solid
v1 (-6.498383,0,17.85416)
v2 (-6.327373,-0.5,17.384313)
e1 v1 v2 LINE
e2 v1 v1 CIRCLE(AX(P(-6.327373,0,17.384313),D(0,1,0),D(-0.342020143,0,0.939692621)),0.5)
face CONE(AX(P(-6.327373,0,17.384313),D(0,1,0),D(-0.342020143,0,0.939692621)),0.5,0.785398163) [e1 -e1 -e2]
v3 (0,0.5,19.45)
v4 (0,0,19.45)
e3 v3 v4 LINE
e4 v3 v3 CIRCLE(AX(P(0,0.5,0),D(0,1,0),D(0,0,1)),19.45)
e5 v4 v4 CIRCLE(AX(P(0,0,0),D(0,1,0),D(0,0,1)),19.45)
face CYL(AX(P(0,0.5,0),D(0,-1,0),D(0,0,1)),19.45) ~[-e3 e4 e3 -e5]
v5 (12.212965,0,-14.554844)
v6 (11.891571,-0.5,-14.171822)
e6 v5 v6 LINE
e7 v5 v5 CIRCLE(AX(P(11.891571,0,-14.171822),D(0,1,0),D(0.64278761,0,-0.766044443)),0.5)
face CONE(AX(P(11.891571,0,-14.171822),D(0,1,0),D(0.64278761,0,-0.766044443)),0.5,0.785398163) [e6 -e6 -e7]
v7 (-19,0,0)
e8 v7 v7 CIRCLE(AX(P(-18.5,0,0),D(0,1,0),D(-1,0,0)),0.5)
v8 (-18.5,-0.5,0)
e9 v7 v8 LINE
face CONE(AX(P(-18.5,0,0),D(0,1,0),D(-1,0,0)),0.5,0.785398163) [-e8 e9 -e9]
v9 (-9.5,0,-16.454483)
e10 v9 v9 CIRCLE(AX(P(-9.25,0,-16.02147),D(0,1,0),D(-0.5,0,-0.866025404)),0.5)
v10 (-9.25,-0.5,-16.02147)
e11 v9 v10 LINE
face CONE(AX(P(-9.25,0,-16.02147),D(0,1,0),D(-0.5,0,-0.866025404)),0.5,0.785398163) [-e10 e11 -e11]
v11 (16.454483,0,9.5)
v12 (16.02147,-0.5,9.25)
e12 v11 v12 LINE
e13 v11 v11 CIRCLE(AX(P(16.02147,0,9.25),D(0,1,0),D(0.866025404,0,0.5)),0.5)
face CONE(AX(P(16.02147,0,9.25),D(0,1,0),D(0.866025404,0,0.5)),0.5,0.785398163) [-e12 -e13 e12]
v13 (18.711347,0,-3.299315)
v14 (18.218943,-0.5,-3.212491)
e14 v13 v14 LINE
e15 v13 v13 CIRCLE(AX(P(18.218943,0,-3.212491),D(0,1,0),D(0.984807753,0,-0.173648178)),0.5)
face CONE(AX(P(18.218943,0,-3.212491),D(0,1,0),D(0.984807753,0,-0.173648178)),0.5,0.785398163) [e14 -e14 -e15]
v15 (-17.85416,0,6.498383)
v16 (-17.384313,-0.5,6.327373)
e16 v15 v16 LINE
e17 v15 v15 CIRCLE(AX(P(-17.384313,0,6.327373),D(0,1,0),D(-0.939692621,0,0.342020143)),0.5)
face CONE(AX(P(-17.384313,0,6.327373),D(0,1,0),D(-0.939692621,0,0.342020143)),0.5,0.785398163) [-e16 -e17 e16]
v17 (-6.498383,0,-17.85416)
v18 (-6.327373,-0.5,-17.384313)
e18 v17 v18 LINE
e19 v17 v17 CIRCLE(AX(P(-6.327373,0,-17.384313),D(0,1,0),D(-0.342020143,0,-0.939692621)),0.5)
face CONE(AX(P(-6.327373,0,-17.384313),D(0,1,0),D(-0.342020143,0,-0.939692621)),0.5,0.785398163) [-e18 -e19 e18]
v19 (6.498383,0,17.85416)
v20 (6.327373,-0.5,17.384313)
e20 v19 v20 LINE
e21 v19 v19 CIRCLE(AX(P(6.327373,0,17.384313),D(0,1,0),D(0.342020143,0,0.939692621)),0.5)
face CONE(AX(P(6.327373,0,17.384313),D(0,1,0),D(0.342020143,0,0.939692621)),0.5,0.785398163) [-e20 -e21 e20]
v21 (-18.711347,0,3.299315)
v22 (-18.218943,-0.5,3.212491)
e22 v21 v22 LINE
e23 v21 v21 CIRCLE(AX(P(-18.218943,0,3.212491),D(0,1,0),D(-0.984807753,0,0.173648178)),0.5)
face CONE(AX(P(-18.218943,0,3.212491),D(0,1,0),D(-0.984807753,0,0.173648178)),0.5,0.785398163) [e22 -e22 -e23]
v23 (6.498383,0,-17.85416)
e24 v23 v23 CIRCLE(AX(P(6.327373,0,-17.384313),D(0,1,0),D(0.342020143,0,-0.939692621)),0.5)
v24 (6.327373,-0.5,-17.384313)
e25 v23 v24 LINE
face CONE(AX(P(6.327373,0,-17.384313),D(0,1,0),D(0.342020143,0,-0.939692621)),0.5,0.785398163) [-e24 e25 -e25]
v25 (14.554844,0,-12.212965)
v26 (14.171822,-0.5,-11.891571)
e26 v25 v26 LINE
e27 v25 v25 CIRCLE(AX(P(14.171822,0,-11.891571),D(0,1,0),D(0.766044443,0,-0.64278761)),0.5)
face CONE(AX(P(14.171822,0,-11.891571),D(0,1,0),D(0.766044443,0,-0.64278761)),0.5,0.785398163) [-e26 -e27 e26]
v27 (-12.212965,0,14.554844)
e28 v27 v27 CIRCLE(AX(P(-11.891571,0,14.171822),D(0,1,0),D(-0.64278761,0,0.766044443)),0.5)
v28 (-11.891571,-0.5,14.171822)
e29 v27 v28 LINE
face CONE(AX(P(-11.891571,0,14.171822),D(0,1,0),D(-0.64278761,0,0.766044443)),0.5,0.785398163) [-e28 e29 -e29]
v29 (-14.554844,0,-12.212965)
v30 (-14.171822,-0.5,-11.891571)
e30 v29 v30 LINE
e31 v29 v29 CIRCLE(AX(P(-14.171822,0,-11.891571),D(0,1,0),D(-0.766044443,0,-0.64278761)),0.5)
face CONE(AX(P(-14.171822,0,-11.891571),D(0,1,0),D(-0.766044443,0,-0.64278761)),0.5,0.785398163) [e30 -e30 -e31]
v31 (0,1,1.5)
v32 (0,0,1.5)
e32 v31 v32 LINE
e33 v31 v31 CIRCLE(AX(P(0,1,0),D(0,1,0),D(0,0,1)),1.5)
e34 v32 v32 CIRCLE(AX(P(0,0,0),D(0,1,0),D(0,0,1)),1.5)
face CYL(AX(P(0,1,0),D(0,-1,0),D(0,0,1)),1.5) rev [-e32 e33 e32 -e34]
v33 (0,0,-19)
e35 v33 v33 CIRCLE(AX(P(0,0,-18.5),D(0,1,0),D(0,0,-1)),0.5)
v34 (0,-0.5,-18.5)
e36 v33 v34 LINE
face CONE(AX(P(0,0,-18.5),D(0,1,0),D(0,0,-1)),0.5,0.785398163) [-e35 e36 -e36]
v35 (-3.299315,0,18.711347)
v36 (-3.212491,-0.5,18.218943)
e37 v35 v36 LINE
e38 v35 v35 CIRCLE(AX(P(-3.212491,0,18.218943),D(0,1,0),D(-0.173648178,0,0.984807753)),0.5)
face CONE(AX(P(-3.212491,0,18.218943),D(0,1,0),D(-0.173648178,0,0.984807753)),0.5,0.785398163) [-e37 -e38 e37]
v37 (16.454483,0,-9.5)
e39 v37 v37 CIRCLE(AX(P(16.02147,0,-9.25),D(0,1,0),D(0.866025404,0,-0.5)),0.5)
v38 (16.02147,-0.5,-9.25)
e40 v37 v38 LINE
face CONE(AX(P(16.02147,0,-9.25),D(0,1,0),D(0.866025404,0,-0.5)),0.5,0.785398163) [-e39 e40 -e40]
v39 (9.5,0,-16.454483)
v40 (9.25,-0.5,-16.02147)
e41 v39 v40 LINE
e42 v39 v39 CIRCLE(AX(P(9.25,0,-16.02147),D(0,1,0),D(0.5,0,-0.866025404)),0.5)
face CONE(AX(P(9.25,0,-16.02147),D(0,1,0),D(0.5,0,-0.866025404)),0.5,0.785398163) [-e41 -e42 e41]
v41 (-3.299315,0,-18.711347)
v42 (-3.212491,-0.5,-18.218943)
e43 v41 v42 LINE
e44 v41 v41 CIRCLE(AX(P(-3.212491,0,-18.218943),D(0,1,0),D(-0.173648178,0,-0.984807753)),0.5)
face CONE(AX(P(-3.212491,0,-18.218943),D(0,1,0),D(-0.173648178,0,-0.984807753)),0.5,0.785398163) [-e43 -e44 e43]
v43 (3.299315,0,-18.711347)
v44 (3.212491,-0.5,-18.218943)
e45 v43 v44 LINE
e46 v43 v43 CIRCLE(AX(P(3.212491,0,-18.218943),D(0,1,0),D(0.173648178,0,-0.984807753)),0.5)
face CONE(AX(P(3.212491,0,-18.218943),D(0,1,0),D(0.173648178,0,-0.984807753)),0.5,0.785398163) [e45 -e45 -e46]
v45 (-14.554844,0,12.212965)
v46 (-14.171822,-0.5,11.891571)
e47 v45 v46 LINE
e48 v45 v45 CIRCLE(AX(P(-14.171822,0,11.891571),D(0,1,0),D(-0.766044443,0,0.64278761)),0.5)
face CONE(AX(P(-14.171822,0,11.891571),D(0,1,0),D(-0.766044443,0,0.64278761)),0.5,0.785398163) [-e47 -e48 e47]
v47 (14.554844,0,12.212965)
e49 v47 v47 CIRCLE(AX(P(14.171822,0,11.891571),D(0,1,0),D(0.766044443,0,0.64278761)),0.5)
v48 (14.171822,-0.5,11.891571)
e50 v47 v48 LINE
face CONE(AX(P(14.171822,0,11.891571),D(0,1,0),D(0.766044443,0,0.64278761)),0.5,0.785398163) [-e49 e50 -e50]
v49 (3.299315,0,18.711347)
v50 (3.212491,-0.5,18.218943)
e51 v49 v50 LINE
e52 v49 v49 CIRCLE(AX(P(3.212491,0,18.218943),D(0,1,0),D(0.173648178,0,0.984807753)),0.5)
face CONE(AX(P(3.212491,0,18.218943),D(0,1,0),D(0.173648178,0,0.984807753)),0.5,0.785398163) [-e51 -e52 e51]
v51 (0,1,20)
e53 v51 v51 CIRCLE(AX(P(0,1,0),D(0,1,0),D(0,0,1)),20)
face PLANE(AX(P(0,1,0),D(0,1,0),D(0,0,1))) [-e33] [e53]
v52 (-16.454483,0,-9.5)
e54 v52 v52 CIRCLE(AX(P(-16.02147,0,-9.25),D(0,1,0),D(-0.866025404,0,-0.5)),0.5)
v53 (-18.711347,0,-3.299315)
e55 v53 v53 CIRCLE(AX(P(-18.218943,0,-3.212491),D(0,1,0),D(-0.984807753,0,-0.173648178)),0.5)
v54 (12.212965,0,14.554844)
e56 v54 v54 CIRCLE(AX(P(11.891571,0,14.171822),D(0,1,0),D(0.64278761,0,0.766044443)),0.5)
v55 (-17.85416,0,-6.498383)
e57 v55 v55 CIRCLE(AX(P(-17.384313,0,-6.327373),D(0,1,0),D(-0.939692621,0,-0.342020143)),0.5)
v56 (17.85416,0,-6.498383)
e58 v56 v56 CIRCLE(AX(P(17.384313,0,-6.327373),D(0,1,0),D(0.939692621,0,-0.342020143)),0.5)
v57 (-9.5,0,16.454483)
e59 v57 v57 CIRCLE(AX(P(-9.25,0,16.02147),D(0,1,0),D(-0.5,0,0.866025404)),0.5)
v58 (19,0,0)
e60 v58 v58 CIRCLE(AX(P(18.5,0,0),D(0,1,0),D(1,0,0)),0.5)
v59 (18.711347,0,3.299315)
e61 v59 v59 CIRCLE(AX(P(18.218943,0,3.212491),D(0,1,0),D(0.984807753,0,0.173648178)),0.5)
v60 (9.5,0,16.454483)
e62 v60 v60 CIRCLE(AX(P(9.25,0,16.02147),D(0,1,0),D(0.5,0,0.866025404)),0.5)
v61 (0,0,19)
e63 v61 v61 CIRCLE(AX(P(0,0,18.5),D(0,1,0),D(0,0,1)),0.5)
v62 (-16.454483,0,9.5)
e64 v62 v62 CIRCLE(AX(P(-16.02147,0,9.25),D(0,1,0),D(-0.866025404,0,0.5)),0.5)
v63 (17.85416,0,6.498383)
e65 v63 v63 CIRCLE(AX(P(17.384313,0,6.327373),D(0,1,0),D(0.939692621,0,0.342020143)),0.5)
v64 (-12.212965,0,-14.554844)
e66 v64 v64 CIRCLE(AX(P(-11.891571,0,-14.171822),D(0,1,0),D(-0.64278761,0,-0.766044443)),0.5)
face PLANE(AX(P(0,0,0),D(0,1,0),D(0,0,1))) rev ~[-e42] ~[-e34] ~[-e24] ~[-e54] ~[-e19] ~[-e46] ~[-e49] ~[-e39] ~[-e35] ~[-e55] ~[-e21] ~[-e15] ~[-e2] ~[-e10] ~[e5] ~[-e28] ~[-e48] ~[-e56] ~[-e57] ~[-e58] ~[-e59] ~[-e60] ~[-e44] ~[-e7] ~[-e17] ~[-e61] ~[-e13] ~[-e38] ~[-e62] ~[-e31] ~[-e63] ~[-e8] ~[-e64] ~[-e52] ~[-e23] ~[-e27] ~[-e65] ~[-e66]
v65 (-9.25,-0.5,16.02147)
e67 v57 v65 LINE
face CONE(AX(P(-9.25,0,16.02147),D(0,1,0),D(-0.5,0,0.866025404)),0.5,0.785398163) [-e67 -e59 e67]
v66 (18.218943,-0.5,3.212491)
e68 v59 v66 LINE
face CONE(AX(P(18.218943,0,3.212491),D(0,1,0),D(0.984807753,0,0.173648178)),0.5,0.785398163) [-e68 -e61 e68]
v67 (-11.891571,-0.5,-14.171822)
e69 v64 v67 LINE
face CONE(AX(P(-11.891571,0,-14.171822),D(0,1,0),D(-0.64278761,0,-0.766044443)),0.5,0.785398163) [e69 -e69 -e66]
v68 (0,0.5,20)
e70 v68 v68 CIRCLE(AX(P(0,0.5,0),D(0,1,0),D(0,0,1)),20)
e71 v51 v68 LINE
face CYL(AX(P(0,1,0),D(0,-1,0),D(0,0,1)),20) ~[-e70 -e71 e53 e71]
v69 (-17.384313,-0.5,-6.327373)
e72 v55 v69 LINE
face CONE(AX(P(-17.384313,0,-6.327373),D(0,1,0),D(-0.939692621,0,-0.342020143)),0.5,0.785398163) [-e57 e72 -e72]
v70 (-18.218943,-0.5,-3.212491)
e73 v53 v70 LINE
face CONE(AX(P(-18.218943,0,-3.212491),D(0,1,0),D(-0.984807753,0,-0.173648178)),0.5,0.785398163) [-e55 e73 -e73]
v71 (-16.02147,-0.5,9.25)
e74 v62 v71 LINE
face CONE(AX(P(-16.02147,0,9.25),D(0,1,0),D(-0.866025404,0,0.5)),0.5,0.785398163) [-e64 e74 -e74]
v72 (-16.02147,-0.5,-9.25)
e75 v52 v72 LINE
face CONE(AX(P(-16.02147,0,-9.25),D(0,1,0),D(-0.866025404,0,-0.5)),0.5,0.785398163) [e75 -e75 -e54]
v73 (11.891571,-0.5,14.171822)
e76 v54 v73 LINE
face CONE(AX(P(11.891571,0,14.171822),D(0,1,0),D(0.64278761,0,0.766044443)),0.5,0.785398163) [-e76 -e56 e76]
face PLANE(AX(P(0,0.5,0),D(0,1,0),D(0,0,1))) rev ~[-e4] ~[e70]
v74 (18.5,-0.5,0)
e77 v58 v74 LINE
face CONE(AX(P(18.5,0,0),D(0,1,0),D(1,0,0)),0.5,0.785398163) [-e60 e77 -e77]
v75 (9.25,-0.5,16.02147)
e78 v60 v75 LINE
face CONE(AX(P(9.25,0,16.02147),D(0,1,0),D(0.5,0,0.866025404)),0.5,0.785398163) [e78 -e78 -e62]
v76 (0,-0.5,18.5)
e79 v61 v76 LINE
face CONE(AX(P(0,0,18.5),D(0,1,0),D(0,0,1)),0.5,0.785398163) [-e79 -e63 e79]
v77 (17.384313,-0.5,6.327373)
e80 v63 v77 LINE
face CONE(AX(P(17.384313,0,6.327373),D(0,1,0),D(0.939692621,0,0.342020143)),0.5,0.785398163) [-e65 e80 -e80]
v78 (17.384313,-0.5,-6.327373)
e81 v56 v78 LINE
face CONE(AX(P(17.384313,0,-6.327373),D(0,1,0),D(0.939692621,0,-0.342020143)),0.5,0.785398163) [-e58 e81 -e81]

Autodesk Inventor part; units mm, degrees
ref_plane "YZ Plane" through (0, 0, 0) normal (1, 0, 0) x (0, 1, 0)
ref_plane "XZ Plane" through (0, 0, 0) normal (0, 1, 0) x (-1, 0, 0)
ref_plane "XY Plane" through (0, 0, 0) normal (0, 0, 1) x (1, 0, 0)
sketch "Sketch1" plane through (0, 0, 0) normal (1, 0, 0) x (0, 1, 0)
  line L0 (1, 1.5) -> (0, 1.5)
  line L1 (1, 20) -> (1, 1.5)
  line L2 (-0.2, 0) -> (1.2, 0) projected
  line L3 (1, 20) -> (0.5, 20)
  line L4 (0.5, 20) -> (0.5, 19.45)
  line L5 (0, 19.45) -> (0, 1.5)
  line L6 (1, 20) -> (1, 20)
  line L7 (1, 20) -> (1, 19)
  line L8 (1, 19) -> (1, 19)
  line L9 (1, 19) -> (1, 20)
  line L10 (0.5, 19.45) -> (0, 19.45)
  point P0 (0, 0)
  point P1 (1, 19)
  dimension "d1" = 1.5
  dimension "d14" = 20
  dimension "d15" = 0.55
  dimension "d16" = 1
  dimension "d17" = 0.5
  dimension "d18" = 0
  dimension "d20" = 1
revolve "Revolution1" add sketch "Sketch1" angle 360 about axis through (0, -10, 0) along (0, 1, 0)
sketch "Sketch4" plane through (0, 0, 0) normal (0, -1, 0) x (1, 0, 0)
  circle A0 centre (18.5, 0) radius 0.5
  circle A1 centre (0, 0) radius 19.45 projected
  dimension "d21" = 1
  dimension "d22" = 18.5
extrude "Extrusion1" add sketch "Sketch4" along normal blind 1 draft -45 contours A0
pattern_circular "Circular Pattern1" count 36 over 360 about axis through (0, 0.75, 0) along (0, 1, 0) of "Extrusion1"
properties part number "TorsOsc-202511-cell-plate" material "Epoxy Resin"
